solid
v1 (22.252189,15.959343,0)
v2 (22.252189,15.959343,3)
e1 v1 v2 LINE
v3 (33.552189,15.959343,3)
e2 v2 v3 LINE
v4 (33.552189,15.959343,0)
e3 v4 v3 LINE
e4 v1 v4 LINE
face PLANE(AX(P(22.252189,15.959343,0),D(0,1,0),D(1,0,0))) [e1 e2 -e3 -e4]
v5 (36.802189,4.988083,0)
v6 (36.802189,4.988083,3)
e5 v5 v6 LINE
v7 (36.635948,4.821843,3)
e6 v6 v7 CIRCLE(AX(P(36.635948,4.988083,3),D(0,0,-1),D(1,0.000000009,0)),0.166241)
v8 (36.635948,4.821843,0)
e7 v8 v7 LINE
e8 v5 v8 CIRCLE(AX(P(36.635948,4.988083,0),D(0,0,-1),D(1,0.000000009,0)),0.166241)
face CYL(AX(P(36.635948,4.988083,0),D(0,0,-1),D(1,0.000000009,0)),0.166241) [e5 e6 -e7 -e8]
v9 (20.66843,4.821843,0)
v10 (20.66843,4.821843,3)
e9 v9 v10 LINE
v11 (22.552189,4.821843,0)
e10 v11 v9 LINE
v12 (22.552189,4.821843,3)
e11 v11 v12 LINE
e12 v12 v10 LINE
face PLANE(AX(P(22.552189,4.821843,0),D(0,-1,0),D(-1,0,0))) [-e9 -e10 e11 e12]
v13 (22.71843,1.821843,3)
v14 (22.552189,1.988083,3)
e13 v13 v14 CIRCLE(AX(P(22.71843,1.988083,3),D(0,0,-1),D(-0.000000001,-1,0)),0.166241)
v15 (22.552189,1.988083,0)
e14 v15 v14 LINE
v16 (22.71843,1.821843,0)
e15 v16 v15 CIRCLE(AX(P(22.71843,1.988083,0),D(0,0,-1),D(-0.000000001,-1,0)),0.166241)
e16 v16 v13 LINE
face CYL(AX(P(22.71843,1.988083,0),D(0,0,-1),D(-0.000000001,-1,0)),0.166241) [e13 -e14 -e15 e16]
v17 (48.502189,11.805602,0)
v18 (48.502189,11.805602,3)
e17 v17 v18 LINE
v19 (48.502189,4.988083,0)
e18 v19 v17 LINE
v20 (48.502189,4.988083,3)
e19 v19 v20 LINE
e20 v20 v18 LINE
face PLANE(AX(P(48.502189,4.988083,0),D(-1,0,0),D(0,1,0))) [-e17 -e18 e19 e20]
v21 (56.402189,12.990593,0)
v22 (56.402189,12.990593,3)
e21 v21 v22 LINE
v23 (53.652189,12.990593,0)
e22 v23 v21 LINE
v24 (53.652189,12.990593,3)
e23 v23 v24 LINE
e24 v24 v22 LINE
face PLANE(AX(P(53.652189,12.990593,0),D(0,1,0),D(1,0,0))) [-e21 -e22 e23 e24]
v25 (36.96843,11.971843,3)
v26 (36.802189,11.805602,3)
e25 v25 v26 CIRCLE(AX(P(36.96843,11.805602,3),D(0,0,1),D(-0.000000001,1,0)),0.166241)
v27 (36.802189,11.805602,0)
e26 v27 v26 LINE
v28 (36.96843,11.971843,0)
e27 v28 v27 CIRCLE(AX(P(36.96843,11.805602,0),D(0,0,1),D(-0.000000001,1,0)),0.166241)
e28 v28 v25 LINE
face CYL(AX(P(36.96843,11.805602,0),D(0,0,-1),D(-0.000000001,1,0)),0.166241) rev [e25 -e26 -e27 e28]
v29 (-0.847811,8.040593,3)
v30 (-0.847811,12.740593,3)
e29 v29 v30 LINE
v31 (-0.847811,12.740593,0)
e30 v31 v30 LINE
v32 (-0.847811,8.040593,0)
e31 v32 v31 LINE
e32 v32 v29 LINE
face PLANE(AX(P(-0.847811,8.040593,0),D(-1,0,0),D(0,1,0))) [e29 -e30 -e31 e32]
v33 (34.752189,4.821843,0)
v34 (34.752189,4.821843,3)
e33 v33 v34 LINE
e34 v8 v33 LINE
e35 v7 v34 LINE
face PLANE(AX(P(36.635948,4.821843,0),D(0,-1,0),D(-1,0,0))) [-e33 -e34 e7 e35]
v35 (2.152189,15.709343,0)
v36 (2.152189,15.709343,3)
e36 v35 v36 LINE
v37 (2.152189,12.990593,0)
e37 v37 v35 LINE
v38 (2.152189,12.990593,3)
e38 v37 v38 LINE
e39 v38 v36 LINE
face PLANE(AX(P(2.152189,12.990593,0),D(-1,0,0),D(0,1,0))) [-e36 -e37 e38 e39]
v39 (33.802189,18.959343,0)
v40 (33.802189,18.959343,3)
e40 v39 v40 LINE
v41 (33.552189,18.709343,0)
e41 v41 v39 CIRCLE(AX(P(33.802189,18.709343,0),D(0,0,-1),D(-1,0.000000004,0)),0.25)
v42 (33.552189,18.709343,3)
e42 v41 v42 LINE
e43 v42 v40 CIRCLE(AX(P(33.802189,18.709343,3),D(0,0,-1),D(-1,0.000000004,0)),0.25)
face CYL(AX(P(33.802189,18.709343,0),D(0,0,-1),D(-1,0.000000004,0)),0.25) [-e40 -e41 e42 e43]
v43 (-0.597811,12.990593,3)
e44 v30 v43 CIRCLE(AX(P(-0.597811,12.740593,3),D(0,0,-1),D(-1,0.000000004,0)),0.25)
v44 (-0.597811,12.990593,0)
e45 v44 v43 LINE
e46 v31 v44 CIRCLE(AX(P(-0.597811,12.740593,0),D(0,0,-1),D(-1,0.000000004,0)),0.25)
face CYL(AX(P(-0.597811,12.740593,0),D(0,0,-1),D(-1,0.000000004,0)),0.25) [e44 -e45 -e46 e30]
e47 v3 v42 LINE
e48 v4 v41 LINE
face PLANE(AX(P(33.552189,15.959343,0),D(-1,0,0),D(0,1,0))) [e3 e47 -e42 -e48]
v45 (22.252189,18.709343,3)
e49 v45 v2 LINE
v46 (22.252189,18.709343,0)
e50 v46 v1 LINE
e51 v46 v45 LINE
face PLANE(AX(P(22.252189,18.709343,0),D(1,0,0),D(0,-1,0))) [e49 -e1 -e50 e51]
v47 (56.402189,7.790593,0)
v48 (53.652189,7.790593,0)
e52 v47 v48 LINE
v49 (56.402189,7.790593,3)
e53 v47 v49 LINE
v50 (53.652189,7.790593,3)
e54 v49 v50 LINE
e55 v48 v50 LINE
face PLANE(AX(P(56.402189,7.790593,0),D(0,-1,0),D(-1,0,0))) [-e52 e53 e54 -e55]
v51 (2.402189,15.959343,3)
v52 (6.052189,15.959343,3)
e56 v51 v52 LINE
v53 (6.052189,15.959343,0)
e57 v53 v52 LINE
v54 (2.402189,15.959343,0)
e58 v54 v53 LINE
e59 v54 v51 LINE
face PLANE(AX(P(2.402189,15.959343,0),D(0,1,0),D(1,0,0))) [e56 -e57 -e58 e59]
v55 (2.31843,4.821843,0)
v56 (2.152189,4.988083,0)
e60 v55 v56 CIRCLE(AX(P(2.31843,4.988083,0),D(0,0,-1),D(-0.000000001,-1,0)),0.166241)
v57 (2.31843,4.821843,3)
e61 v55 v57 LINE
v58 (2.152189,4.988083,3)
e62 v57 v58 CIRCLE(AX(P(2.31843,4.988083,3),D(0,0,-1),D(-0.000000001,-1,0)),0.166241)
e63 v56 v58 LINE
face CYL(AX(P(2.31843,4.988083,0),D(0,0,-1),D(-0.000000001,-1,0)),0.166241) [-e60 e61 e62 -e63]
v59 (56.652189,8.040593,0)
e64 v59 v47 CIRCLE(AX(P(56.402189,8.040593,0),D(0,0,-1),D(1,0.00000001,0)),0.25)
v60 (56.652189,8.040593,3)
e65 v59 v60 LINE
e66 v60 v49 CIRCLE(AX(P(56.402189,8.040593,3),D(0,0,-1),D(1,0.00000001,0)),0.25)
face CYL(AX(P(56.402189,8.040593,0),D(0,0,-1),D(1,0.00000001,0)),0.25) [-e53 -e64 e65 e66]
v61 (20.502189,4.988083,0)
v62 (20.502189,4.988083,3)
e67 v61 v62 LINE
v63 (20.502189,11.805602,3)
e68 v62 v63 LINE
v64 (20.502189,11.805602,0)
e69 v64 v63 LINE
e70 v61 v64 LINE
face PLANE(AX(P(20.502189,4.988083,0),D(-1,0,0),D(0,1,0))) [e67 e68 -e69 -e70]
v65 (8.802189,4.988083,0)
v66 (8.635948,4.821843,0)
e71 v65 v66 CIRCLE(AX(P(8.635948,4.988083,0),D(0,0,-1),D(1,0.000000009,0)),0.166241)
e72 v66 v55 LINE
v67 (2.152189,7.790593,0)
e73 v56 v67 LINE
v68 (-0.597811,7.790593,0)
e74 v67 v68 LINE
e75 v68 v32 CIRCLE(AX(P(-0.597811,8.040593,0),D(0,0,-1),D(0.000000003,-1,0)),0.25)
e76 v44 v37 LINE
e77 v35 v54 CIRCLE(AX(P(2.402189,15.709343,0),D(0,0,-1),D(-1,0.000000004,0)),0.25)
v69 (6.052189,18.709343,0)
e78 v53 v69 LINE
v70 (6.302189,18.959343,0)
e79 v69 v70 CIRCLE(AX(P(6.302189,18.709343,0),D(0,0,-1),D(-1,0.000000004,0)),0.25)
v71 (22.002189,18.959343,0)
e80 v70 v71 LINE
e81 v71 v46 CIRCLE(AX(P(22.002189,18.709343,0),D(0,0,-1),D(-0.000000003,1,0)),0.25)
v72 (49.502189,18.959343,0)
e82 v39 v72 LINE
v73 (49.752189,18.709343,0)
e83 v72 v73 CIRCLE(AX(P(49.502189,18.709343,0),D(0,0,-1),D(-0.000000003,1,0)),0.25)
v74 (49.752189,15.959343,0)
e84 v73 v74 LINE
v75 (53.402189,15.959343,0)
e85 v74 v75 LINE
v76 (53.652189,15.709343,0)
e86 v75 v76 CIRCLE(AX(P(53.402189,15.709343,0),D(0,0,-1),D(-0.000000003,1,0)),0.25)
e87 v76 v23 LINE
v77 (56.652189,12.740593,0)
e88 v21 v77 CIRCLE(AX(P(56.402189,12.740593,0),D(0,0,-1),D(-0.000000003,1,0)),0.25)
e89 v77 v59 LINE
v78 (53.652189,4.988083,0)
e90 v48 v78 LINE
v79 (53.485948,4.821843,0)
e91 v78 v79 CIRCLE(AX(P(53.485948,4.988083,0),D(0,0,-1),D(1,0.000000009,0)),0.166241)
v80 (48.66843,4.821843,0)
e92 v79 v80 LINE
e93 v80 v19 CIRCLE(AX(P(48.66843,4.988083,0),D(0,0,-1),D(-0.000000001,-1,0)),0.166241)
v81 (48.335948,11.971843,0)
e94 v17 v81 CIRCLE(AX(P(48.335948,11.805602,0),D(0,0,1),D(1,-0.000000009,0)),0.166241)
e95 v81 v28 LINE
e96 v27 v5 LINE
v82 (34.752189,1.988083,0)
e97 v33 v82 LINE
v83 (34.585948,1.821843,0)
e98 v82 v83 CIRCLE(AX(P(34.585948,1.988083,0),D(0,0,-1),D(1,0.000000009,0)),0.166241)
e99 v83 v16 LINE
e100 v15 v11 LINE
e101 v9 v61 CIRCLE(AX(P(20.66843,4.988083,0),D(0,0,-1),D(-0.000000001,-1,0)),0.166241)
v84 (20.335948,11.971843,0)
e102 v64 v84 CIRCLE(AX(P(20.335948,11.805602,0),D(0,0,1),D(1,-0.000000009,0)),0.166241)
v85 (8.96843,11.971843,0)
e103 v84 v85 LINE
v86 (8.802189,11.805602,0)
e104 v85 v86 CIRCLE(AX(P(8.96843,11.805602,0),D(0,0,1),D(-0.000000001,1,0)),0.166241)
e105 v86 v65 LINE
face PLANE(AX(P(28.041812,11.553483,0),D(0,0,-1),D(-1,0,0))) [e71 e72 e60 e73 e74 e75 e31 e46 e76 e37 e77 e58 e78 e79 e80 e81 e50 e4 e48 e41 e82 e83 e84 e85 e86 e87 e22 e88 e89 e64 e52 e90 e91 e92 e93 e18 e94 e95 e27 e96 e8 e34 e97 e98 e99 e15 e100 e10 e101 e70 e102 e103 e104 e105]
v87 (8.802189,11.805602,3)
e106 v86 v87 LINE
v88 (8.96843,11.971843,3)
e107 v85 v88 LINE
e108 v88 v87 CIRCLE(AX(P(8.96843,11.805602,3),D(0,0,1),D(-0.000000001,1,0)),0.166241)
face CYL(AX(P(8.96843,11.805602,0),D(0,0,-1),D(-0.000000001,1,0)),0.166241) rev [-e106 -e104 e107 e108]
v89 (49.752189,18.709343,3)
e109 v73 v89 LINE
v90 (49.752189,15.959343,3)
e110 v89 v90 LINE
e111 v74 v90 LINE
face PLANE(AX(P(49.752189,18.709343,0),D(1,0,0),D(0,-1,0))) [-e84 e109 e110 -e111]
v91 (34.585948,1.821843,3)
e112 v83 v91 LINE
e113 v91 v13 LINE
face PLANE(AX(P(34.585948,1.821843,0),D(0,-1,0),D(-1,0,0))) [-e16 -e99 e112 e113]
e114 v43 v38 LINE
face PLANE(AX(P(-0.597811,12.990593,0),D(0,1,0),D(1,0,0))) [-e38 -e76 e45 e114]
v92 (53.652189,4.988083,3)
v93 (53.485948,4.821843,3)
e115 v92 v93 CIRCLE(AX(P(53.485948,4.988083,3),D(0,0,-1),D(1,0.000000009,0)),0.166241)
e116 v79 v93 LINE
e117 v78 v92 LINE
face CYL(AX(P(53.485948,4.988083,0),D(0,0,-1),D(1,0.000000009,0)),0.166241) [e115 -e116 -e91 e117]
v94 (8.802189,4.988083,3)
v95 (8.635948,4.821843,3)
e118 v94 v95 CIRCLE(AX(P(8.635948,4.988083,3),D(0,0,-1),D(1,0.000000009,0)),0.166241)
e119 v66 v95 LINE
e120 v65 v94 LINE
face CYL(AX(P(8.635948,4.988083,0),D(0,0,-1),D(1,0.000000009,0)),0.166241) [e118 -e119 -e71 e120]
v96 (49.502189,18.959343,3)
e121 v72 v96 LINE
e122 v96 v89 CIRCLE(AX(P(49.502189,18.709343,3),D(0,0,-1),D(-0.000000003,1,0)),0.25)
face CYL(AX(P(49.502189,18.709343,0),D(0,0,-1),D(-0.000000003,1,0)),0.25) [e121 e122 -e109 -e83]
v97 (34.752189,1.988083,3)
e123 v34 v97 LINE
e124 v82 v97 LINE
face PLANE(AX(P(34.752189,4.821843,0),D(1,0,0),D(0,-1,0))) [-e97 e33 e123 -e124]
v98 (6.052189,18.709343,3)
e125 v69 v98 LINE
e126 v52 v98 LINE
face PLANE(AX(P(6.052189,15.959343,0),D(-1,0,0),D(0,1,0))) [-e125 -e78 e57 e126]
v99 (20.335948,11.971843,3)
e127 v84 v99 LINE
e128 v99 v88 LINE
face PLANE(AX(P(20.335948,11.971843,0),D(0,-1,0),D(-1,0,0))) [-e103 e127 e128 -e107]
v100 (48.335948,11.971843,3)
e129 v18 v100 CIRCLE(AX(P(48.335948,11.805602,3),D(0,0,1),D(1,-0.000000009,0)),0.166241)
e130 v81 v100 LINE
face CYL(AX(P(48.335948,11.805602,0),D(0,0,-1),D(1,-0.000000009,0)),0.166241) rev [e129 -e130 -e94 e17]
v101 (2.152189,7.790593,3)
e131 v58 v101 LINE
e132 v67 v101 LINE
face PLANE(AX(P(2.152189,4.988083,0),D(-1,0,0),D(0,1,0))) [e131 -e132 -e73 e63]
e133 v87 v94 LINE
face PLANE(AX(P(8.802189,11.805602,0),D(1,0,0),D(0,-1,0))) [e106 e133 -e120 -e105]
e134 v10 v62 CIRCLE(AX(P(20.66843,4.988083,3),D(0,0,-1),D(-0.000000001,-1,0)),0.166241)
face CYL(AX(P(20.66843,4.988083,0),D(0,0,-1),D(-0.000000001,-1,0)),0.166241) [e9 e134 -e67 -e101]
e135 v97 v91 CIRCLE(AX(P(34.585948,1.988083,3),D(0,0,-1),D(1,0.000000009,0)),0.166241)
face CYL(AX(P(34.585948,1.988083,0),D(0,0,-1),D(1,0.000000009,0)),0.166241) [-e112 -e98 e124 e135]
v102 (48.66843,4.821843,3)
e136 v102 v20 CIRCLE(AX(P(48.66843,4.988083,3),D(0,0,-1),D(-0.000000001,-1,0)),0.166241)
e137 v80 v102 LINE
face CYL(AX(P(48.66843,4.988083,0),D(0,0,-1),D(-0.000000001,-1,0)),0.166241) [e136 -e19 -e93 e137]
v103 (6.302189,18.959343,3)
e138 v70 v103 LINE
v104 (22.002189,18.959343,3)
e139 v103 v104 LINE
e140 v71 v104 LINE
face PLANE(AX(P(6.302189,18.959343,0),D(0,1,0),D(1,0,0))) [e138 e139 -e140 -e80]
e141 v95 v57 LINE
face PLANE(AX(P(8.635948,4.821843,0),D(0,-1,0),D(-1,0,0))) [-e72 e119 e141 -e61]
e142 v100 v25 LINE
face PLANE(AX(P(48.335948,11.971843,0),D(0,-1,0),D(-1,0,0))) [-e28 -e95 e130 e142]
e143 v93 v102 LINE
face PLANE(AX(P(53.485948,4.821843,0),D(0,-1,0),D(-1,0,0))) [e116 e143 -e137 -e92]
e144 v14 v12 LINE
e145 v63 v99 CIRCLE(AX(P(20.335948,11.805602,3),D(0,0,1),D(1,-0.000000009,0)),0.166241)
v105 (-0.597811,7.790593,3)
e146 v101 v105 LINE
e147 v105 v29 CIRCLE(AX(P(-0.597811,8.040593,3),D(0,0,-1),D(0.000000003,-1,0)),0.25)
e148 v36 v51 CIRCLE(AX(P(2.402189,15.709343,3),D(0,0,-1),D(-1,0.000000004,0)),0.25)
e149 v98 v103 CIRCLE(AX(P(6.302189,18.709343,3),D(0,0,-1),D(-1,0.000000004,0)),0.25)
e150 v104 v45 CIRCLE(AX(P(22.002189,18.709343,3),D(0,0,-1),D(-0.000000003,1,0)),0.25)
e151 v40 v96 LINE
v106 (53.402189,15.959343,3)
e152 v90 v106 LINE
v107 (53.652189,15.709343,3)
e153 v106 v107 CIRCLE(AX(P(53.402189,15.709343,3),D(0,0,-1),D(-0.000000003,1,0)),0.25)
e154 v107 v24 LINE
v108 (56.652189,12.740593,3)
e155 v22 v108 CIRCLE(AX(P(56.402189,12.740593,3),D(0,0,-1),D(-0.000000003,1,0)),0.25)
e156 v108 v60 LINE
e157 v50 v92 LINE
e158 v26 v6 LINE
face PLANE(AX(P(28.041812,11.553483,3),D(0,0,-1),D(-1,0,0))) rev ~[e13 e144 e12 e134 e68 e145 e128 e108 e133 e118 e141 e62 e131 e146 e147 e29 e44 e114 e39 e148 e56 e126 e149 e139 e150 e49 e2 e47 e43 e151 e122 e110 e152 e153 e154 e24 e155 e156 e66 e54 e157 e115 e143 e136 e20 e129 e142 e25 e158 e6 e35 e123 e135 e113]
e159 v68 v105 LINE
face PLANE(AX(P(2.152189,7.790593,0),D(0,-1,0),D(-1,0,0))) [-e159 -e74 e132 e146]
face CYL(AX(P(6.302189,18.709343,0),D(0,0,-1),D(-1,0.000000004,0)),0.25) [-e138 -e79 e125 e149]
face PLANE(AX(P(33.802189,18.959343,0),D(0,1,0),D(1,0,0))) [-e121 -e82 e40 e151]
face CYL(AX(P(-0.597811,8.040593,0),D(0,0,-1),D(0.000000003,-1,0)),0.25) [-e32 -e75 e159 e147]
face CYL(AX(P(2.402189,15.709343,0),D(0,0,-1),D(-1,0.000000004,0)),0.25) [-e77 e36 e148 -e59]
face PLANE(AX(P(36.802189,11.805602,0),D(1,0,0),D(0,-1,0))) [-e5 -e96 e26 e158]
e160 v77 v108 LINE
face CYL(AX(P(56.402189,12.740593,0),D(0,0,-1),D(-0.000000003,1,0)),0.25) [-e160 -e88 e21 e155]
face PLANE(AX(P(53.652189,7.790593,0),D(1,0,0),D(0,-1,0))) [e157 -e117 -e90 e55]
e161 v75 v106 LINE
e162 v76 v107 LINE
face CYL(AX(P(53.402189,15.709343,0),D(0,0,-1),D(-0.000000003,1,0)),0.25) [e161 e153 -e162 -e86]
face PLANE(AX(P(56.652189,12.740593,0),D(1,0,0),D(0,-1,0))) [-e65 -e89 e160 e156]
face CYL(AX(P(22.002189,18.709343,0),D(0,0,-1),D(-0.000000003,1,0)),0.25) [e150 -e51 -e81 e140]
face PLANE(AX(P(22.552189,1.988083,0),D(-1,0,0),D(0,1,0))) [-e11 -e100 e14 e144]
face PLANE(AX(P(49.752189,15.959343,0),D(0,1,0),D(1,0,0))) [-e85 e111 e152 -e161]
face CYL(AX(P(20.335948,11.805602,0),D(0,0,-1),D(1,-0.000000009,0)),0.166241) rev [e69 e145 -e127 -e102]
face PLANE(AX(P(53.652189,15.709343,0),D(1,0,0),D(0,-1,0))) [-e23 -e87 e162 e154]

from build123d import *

# Parameters (mm, degrees)
BOSS_EXTRUDE1_DEPTH = 3


with BuildPart() as part:
    # Sketch2 → Boss-Extrude1 (new body)
    with BuildSketch(Plane.XY):
        with BuildLine():
            Line((53.652188988, 7.790592853), (53.652188988, 4.988083366))
            ThreePointArc((53.652188988, 4.988083366), (53.60349827, 4.870533572), (53.485948476, 4.821842853))
            Line((53.485948476, 4.821842853), (48.668429501, 4.821842853))
            ThreePointArc((48.668429501, 4.821842853), (48.550879707, 4.870533572), (48.502188988, 4.988083366))
            Line((48.502188988, 4.988083366), (48.502188988, 11.80560234))
            ThreePointArc((48.502188988, 11.80560234), (48.45349827, 11.923152134), (48.335948476, 11.971842853))
            Line((48.335948476, 11.971842853), (36.968429501, 11.971842853))
            ThreePointArc((36.968429501, 11.971842853), (36.850879707, 11.923152134), (36.802188988, 11.80560234))
            Line((36.802188988, 11.80560234), (36.802188988, 4.988083366))
            ThreePointArc((36.802188988, 4.988083366), (36.75349827, 4.870533572), (36.635948476, 4.821842853))
            Line((36.635948476, 4.821842853), (34.752188988, 4.821842853))
            Line((34.752188988, 4.821842853), (34.752188988, 1.988083366))
            ThreePointArc((34.752188988, 1.988083366), (34.70349827, 1.870533572), (34.585948476, 1.821842853))
            Line((34.585948476, 1.821842853), (22.718429501, 1.821842853))
            ThreePointArc((22.718429501, 1.821842853), (22.600879707, 1.870533572), (22.552188988, 1.988083366))
            Line((22.552188988, 1.988083366), (22.552188988, 4.821842853))
            Line((22.552188988, 4.821842853), (20.668429501, 4.821842853))
            ThreePointArc((20.668429501, 4.821842853), (20.550879707, 4.870533572), (20.502188988, 4.988083366))
            Line((20.502188988, 4.988083366), (20.502188988, 11.80560234))
            ThreePointArc((20.502188988, 11.80560234), (20.45349827, 11.923152134), (20.335948476, 11.971842853))
            Line((20.335948476, 11.971842853), (8.968429501, 11.971842853))
            ThreePointArc((8.968429501, 11.971842853), (8.850879707, 11.923152134), (8.802188988, 11.80560234))
            Line((8.802188988, 11.80560234), (8.802188988, 4.988083366))
            ThreePointArc((8.802188988, 4.988083366), (8.75349827, 4.870533572), (8.635948476, 4.821842853))
            Line((8.635948476, 4.821842853), (2.318429501, 4.821842853))
            ThreePointArc((2.318429501, 4.821842853), (2.200879707, 4.870533572), (2.152188988, 4.988083366))
            Line((2.152188988, 4.988083366), (2.152188988, 7.790592853))
            Line((2.152188988, 7.790592853), (-0.597811012, 7.790592853))
            ThreePointArc((-0.597811012, 7.790592853), (-0.774587707, 7.863816157), (-0.847811012, 8.040592853))
            Line((-0.847811012, 8.040592853), (-0.847811012, 12.740592853))
            ThreePointArc((-0.847811012, 12.740592853), (-0.774587707, 12.917369548), (-0.597811012, 12.990592853))
            Line((-0.597811012, 12.990592853), (2.152188988, 12.990592853))
            Line((2.152188988, 12.990592853), (2.152188988, 15.709342853))
            ThreePointArc((2.152188988, 15.709342853), (2.225412293, 15.886119548), (2.402188988, 15.959342853))
            Line((2.402188988, 15.959342853), (6.052188988, 15.959342853))
            Line((6.052188988, 15.959342853), (6.052188988, 18.709342853))
            ThreePointArc((6.052188988, 18.709342853), (6.125412293, 18.886119548), (6.302188988, 18.959342853))
            Line((6.302188988, 18.959342853), (22.002188988, 18.959342853))
            ThreePointArc((22.002188988, 18.959342853), (22.178965684, 18.886119548), (22.252188988, 18.709342853))
            Line((22.252188988, 18.709342853), (22.252188988, 15.959342853))
            Line((22.252188988, 15.959342853), (33.552188988, 15.959342853))
            Line((33.552188988, 15.959342853), (33.552188988, 18.709342853))
            ThreePointArc((33.552188988, 18.709342853), (33.625412293, 18.886119548), (33.802188988, 18.959342853))
            Line((33.802188988, 18.959342853), (49.502188988, 18.959342853))
            ThreePointArc((49.502188988, 18.959342853), (49.678965684, 18.886119548), (49.752188988, 18.709342853))
            Line((49.752188988, 18.709342853), (49.752188988, 15.959342853))
            Line((49.752188988, 15.959342853), (53.402188988, 15.959342853))
            ThreePointArc((53.402188988, 15.959342853), (53.578965684, 15.886119548), (53.652188988, 15.709342853))
            Line((53.652188988, 15.709342853), (53.652188988, 12.990592853))
            Line((53.652188988, 12.990592853), (56.402188988, 12.990592853))
            ThreePointArc((56.402188988, 12.990592853), (56.578965684, 12.917369548), (56.652188988, 12.740592853))
            Line((56.652188988, 12.740592853), (56.652188988, 8.040592853))
            ThreePointArc((56.652188988, 8.040592853), (56.578965684, 7.863816157), (56.402188988, 7.790592853))
            Line((56.402188988, 7.790592853), (53.652188988, 7.790592853))
        make_face()
    extrude(amount=BOSS_EXTRUDE1_DEPTH)


solid = part.part
